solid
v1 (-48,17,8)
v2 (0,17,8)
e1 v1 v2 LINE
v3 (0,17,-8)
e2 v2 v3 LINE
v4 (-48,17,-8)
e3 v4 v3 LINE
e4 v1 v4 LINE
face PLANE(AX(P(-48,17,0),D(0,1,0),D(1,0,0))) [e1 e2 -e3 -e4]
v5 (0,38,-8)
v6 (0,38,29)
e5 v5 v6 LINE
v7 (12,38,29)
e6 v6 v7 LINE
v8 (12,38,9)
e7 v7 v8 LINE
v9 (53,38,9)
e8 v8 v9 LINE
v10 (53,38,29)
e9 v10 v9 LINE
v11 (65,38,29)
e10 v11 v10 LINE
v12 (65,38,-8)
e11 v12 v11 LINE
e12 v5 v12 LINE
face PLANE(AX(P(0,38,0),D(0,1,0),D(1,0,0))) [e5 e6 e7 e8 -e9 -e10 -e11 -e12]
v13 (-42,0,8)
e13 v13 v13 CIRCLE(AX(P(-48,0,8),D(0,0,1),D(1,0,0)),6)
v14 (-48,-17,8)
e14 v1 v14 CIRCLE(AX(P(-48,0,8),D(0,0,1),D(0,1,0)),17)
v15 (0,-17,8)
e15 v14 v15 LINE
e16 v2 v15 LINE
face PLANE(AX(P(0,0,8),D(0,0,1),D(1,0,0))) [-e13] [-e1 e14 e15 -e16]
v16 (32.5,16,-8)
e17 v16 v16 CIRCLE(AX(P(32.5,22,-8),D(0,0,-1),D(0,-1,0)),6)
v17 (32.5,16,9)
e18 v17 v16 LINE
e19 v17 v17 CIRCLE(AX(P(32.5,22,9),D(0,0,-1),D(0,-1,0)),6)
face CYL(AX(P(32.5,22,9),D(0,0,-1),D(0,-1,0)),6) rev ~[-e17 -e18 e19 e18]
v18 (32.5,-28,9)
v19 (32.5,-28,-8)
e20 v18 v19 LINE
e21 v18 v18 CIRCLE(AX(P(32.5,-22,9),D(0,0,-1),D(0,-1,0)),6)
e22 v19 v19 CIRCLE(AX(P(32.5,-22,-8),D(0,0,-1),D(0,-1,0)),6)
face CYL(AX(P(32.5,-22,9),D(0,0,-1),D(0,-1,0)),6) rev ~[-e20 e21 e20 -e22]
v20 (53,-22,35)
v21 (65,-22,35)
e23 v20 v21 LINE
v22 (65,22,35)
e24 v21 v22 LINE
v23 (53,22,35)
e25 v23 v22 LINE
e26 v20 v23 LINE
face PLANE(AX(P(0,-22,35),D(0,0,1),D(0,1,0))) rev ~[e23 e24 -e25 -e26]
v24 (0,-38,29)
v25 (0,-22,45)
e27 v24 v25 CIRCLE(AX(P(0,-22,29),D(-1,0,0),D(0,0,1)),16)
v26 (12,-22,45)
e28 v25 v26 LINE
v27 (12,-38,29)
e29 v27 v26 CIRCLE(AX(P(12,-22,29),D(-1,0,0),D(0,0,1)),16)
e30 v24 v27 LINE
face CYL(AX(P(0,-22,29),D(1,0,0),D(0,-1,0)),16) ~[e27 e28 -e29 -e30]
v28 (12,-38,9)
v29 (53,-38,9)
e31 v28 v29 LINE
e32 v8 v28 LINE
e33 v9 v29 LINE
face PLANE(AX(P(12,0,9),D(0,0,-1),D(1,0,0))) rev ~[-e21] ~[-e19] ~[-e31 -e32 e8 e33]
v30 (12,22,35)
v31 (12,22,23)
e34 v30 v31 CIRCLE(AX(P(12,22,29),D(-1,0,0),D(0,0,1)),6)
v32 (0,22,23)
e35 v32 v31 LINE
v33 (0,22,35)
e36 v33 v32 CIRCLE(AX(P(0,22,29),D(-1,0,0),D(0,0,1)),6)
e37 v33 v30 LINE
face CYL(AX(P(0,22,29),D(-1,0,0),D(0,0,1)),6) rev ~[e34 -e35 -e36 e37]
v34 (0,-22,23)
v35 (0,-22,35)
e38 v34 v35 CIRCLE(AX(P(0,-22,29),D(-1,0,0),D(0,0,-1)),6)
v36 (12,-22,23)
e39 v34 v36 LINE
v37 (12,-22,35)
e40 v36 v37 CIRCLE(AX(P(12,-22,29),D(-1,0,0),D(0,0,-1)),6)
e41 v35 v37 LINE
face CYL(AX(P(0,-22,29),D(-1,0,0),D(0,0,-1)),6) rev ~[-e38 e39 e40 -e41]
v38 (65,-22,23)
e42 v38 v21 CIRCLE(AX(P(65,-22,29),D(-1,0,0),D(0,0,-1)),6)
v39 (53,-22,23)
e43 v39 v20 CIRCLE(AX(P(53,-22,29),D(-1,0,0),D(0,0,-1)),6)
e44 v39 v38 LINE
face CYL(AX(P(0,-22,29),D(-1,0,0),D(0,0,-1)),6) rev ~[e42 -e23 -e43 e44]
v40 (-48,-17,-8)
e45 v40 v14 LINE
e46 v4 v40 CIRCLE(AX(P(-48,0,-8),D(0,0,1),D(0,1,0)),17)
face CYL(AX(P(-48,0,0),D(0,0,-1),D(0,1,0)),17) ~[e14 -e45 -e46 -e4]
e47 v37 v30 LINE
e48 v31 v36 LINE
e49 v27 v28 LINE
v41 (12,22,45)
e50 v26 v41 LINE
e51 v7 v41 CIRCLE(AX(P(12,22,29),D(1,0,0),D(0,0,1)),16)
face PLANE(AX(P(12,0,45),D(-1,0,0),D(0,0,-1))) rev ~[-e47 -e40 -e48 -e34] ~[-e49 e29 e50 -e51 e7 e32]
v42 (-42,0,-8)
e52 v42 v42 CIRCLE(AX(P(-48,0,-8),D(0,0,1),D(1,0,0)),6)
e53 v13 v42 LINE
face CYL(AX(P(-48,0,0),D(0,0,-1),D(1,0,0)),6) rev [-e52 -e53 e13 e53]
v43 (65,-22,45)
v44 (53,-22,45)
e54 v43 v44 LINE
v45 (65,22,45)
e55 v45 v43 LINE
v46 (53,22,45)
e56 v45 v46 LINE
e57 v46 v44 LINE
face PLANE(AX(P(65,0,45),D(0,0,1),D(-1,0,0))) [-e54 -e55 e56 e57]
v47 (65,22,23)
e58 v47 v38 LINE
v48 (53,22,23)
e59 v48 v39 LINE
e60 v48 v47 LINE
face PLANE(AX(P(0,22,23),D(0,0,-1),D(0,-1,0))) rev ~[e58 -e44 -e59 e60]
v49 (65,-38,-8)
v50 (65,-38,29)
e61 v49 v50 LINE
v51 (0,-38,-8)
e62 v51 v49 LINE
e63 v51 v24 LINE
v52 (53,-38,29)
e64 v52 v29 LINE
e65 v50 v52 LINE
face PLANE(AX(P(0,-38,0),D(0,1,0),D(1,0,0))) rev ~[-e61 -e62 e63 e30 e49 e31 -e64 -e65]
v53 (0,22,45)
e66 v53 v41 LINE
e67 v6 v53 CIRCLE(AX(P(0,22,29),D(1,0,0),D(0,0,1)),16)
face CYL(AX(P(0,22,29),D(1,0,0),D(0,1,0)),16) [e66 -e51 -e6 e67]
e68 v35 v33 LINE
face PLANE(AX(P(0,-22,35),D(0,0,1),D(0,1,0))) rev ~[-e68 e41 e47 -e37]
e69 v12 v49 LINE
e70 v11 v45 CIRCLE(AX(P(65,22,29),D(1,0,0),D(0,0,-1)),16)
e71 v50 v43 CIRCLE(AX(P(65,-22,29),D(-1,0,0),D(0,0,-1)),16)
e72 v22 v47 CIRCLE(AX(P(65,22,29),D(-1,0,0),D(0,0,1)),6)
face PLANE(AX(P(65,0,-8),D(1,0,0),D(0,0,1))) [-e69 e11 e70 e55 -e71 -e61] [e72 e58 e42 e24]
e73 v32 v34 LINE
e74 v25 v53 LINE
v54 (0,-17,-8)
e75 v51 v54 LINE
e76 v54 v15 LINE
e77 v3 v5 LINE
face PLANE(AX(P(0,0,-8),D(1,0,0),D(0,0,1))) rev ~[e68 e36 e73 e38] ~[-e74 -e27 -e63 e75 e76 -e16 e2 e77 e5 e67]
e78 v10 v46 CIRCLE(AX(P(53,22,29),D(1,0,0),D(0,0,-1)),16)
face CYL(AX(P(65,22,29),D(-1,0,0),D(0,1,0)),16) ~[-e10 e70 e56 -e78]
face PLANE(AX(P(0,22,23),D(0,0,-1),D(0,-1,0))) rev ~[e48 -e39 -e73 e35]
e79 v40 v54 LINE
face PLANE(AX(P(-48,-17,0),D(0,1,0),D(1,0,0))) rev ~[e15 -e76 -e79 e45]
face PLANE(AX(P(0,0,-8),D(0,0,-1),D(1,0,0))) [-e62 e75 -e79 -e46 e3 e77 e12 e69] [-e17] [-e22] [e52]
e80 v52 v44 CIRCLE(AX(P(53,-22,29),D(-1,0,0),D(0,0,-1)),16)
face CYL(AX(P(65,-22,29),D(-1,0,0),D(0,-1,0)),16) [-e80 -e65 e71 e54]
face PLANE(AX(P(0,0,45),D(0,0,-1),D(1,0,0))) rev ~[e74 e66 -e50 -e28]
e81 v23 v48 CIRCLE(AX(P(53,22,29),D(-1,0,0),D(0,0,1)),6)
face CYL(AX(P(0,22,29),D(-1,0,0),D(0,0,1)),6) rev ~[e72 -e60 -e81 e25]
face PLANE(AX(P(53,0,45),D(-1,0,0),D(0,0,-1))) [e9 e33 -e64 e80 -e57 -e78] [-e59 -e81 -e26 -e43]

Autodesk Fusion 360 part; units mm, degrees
sketch "Sketch1" plane through (0, 0, 0) normal (0, 0, 1) x (1, 0, 0)
  circle A0 centre (-48, 0) radius 6
  line L0 (-48, -17) -> (0, -17)
  line L1 (-48, 17) -> (0, 17)
  line L2 (0, 17) -> (0, -17)
  arc A1 (-48, 17) -> (-48, -17) centre (-48, 0) ccw
  dimension "d1" = 48
  dimension "d2" = 12
  dimension "d3" = 34
  dimension "d5" = 48
extrude "Extrude1" add sketch "Sketch1" along normal mid plane 16
sketch "Sketch2" plane through (0, 0, 0) normal (0, 1, 0) x (1, 0, 0)
  line L0 (0, 8) -> (65, 8)
  line L1 (0, 8) -> (0, -45)
  line L2 (0, -45) -> (12, -45)
  line L3 (12, -45) -> (12, -9)
  line L4 (12, -9) -> (53, -9)
  line L5 (65, 8) -> (65, -45)
  line L6 (65, -45) -> (53, -45)
  line L7 (53, -45) -> (53, -9)
  dimension "d8" = 65
  dimension "d9" = 53
  dimension "d10" = 12
  dimension "d11" = 41
  dimension "d12" = 53
  dimension "d13" = 12
extrude "Extrude2" add sketch "Sketch2" along normal mid plane 76
fillet "Fillet1" radius 16 4 edges at (6, 38, 45) (6, -38, 45) (59, -38, 45) (59, 38, 45)
sketch "Sketch3" plane through (0, 0, 0) normal (-1, 0, 0) x (0, -1, 0)
  arc A0 (38, 29) -> (22, 45) centre (22, 29) ccw
  line L0 (22, 45) -> (-22, 45)
  arc A1 (-22, 45) -> (-38, 29) centre (-22, 29) ccw
  line L1 (-38, 29) -> (-38, -8)
  line L2 (-38, -8) -> (-17, -8)
  line L3 (-17, -8) -> (-17, 8)
  line L4 (-17, 8) -> (17, 8)
  line L5 (17, 8) -> (17, -8)
  line L6 (17, -8) -> (38, -8)
  line L7 (38, -8) -> (38, 29)
  line L8 (-22, 23) -> (22, 23)
  arc A2 (22, 23) -> (22, 35) centre (22, 29) ccw
  line L9 (22, 35) -> (-22, 35)
  arc A3 (-22, 35) -> (-22, 23) centre (-22, 29) ccw
  line L10 (-22, 29) -> (22, 29) construction
  dimension "d18" = 44
  dimension "d19" = 6
  dimension "d21" = 21
extrude "Extrude3" cut sketch "Sketch3" against normal blind 65 contours L8 A2 L9 A3
sketch "Sketch4" plane through (0, 0, 9) normal (0, 0, 1) x (-1, 0, 0)
  line L0 (-53, 38) -> (-53, -38)
  line L1 (-53, -38) -> (-12, -38)
  line L2 (-12, -38) -> (-12, 38)
  line L3 (-12, 38) -> (-53, 38)
  point P0 (-32.5, -22)
  point P1 (-32.5, 22)
  dimension "d24" = 44
  dimension "d25" = 16
  dimension "d26" = 20.5
hole "Hole1" at (32.5, 22, 9) at (32.5, -22, 9) direction (0, 0, -1) diameter 12 depth 65 tip angle 118
